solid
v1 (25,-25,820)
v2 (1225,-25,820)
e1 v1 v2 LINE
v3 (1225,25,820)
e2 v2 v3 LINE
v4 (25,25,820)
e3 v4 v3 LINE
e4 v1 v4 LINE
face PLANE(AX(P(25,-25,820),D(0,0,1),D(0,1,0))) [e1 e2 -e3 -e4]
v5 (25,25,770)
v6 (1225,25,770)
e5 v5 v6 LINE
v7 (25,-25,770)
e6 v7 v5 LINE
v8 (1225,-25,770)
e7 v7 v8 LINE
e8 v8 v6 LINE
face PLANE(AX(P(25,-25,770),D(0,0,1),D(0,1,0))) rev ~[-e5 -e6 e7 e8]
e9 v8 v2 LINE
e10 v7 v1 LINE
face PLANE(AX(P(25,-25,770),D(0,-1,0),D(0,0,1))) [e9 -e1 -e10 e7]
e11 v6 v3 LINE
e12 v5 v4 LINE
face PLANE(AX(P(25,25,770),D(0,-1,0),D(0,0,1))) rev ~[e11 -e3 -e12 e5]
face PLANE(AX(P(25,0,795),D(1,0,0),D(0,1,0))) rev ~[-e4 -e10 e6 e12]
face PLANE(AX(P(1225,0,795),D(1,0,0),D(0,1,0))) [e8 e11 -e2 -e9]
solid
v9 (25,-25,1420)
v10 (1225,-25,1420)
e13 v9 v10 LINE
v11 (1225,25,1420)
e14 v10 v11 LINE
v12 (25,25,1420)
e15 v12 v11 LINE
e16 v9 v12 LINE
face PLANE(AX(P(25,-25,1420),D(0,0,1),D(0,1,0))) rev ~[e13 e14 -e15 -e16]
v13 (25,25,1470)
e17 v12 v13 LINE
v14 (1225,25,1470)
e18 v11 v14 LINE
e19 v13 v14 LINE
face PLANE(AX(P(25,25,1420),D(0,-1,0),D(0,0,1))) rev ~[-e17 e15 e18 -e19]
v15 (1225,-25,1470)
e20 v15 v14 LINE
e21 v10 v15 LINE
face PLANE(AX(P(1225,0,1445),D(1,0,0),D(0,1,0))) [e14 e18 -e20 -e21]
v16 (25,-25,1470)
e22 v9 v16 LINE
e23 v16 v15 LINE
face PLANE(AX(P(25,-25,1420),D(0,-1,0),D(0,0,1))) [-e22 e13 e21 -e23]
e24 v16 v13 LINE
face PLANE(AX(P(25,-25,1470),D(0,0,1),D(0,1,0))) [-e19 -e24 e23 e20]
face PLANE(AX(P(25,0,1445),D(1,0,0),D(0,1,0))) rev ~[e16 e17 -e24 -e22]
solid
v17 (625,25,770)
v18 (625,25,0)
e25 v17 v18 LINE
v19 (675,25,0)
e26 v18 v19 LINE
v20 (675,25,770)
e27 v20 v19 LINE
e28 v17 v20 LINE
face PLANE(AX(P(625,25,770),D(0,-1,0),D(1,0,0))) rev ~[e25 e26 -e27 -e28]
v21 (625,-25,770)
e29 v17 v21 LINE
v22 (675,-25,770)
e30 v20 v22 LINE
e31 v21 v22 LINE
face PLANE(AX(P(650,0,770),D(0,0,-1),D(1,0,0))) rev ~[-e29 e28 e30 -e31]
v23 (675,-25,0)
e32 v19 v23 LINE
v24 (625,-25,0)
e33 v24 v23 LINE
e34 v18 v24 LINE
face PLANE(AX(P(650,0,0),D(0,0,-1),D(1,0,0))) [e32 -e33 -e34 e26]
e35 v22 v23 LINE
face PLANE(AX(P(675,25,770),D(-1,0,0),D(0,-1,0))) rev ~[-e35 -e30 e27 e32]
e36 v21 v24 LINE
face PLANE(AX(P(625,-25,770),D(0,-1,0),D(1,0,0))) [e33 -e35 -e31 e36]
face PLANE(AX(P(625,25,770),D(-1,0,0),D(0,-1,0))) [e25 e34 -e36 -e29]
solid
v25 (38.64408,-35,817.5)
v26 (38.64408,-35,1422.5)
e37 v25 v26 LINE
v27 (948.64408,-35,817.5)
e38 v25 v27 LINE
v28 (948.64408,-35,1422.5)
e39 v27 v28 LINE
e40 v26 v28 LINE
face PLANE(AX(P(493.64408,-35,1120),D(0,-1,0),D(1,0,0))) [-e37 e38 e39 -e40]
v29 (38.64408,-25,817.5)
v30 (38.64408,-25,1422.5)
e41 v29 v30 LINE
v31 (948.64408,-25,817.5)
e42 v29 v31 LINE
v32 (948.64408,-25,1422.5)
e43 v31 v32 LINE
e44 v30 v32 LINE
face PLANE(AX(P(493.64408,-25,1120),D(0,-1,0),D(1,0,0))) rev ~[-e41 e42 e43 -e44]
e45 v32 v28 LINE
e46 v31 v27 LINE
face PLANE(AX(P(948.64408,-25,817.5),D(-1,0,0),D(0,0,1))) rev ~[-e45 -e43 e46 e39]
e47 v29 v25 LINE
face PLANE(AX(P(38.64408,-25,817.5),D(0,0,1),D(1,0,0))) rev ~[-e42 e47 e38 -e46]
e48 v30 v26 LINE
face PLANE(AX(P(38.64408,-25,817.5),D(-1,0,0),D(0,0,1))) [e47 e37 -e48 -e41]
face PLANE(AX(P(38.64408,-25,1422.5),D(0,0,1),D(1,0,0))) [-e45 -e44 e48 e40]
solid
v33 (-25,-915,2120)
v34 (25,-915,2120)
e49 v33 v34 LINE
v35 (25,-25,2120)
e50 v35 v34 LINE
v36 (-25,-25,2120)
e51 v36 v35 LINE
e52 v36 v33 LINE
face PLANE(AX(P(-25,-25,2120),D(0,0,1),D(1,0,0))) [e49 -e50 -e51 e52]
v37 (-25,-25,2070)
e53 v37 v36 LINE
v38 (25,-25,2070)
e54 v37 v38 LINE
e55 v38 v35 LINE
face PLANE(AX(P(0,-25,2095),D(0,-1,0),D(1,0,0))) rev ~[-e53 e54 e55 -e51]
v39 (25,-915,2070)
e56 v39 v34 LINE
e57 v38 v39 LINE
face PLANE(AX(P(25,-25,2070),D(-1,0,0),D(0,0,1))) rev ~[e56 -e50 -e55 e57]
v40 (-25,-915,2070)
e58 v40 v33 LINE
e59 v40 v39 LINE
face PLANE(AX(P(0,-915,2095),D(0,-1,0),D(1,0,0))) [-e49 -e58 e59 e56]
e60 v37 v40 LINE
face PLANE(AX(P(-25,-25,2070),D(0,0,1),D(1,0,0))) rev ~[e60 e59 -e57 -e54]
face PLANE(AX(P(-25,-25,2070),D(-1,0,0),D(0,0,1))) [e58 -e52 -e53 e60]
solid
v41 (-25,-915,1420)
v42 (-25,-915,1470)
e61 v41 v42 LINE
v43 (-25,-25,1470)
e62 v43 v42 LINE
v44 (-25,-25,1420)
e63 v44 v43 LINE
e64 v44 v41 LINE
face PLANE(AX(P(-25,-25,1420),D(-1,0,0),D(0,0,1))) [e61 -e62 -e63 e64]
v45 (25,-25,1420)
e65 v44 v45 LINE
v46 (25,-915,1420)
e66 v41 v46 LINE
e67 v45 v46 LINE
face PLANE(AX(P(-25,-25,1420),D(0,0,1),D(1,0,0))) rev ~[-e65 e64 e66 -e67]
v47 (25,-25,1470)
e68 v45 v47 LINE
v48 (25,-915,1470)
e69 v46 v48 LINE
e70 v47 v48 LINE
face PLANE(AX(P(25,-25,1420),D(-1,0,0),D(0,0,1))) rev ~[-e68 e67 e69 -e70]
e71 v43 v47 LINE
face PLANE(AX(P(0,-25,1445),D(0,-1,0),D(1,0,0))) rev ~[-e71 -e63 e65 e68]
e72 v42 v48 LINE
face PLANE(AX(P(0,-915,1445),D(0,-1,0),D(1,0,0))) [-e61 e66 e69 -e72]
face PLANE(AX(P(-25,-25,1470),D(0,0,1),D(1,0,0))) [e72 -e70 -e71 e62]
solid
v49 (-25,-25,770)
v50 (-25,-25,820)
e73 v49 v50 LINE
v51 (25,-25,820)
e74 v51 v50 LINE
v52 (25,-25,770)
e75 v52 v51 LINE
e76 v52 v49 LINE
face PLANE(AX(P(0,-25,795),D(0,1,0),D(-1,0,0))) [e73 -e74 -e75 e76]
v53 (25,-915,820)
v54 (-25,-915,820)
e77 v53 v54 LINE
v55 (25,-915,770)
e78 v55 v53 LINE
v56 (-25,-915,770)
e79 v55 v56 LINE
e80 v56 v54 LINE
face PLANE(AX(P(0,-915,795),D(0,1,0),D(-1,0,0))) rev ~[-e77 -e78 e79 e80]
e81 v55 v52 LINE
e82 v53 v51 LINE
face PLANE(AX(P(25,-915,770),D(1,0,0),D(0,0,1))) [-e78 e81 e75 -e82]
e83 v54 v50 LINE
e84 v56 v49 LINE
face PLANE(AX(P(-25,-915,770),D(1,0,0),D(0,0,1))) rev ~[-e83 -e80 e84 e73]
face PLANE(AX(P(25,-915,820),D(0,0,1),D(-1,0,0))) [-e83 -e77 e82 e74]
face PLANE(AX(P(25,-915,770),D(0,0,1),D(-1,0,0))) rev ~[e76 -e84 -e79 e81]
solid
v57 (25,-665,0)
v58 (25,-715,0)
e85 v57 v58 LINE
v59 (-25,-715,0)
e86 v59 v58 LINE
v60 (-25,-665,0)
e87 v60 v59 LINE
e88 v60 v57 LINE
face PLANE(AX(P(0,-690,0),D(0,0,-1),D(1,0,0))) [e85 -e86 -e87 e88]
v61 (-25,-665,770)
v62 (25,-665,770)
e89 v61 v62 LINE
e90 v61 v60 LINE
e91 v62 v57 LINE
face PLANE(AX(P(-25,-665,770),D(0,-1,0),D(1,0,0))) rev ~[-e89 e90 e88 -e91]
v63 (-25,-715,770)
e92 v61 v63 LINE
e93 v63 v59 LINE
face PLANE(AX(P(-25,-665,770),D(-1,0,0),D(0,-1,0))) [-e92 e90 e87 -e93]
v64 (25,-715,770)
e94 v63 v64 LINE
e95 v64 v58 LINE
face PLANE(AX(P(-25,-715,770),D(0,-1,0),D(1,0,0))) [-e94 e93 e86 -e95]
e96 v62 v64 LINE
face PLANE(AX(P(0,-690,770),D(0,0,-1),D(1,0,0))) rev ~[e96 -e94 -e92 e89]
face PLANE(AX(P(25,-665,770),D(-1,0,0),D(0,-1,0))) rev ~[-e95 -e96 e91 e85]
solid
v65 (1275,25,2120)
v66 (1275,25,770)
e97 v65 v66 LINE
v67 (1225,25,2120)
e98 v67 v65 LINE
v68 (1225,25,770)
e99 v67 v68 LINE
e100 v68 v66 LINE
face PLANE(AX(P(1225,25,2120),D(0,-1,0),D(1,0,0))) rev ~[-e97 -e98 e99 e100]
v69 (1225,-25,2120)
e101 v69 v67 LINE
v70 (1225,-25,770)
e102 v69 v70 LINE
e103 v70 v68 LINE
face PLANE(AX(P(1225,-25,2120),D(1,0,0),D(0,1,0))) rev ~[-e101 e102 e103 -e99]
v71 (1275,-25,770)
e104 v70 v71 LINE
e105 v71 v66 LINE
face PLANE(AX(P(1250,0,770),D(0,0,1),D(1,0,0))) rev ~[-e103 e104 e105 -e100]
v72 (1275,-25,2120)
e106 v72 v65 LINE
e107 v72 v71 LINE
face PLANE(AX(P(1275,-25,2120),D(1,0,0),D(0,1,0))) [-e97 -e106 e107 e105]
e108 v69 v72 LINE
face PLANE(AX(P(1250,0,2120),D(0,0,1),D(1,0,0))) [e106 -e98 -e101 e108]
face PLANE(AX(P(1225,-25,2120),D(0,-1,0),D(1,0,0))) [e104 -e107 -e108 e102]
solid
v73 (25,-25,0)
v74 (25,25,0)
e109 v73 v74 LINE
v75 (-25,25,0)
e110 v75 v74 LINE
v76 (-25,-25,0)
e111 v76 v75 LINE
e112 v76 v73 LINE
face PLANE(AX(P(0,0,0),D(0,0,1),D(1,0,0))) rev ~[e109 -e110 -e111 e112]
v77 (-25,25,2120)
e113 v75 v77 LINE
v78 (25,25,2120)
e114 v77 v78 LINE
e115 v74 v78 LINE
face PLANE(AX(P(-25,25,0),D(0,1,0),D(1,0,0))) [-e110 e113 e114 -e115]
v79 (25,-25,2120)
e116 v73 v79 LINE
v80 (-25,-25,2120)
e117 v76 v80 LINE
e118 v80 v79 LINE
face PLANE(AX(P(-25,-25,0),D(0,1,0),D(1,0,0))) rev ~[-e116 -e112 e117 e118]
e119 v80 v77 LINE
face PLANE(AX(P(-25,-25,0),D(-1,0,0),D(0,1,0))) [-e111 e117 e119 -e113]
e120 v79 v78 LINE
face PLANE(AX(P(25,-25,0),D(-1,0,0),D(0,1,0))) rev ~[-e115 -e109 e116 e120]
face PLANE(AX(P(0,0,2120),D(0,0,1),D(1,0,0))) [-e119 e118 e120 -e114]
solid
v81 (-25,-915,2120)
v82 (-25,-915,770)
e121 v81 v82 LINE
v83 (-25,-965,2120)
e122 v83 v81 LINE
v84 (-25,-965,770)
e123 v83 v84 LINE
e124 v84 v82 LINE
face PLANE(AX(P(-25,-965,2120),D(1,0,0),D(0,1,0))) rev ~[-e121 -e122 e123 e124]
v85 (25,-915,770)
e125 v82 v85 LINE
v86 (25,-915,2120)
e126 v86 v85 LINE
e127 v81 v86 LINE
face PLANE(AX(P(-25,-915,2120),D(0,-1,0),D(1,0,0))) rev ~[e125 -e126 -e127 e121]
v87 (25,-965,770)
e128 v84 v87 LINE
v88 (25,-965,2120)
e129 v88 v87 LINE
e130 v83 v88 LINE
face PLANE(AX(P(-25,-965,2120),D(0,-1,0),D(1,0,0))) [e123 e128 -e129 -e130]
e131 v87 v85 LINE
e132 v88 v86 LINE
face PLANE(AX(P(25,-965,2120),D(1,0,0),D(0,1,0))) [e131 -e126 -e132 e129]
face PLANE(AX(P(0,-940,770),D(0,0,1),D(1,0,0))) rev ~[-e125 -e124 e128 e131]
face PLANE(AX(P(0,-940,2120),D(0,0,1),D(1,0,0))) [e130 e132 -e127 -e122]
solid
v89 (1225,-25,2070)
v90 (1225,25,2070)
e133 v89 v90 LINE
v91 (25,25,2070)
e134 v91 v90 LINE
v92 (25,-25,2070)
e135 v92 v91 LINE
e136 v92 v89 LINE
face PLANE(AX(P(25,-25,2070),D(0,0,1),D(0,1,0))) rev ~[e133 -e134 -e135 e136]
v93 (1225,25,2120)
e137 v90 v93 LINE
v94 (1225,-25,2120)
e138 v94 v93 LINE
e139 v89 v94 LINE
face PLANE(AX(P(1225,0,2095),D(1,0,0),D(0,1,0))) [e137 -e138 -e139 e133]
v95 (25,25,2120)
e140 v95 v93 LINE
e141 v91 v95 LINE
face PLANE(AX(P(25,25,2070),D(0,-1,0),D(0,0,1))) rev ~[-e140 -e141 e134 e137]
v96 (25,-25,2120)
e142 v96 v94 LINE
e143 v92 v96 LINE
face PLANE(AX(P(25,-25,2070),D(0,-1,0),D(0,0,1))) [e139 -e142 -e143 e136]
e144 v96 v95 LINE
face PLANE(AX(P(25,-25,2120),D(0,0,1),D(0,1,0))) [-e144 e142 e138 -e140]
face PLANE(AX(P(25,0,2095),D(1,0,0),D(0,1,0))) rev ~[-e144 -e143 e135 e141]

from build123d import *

# Parameters (mm, degrees)
F0_W      = 50
F0_H      = 50
F1_DEPTH  = 2120
F2_W      = 50
F2_H      = 50
F3_DEPTH  = 890
F4_W      = 50
F4_H      = 50
F5_DEPTH  = 1350
F6_W      = 50
F6_H      = 50
F7_DEPTH  = 890
F8_W      = 50
F8_H      = 50
F9_DEPTH  = 1200
F10_W     = 50
F10_H     = 50
F11_DEPTH = 1350
F12_W     = 50
F12_H     = 50
F13_DEPTH = 1200
F14_W     = 50
F14_H     = 50
F15_DEPTH = 770
F16_W     = 50
F16_H     = 50
F17_DEPTH = 1200
F18_W     = 50
F18_H     = 50
F19_DEPTH = 890
F20_W     = 910
F20_H     = 605
F21_DEPTH = 10
F22_W     = 50
F22_H     = 50
F23_DEPTH = 770


with BuildPart() as f1:
    # F0 (on Top) → F1 (new body)
    with BuildSketch(Plane.XY):
        Rectangle(F0_W, F0_H)
    extrude(amount=F1_DEPTH)


with BuildPart() as f3:
    # F2 (on face) → F3 (new body)
    with BuildSketch(Plane.XZ.offset(25)):
        with Locations((0, 2095)):
            Rectangle(F2_W, F2_H)
    extrude(amount=F3_DEPTH)


with BuildPart() as f5:
    # F4 (on face) → F5 (new body)
    with BuildSketch(Plane.XY.offset(2120)):
        with Locations((0, -940)):
            Rectangle(F4_W, F4_H)
    extrude(amount=-F5_DEPTH)


with BuildPart() as f7:
    # F6 (on face) → F7 (new body, through all)
    with BuildSketch(Plane(origin=(0, -915, 0), x_dir=(-1, 0, 0), z_dir=(0, 1, 0))):
        with Locations((0, 795)):
            Rectangle(F6_W, F6_H)
    extrude(amount=F7_DEPTH)


with BuildPart() as f9:
    # F8 (on face) → F9 (new body)
    with BuildSketch(Plane.YZ.offset(25)):
        with Locations((0, 2095)):
            Rectangle(F8_W, F8_H)
    extrude(amount=F9_DEPTH)


with BuildPart() as f11:
    # F10 (on face) → F11 (new body, through all)
    with BuildSketch(Plane.XY.offset(2120)):
        with Locations((1250, 0)):
            Rectangle(F10_W, F10_H)
    extrude(amount=-F11_DEPTH)


with BuildPart() as f13:
    # F12 (on face) → F13 (new body, through all)
    with BuildSketch(Plane.YZ.offset(25)):
        with Locations((0, 795)):
            Rectangle(F12_W, F12_H)
    extrude(amount=F13_DEPTH)


with BuildPart() as f15:
    # F14 (on face) → F15 (new body, through all)
    with BuildSketch(Plane(origin=(0, 0, 770), x_dir=(1, 0, 0), z_dir=(0, 0, -1))):
        with Locations((0, 690)):
            Rectangle(F14_W, F14_H)
    extrude(amount=F15_DEPTH)


with BuildPart() as f17:
    # F16 (on face) → F17 (new body, through all)
    with BuildSketch(Plane.YZ.offset(25)):
        with Locations((0, 1445)):
            Rectangle(F16_W, F16_H)
    extrude(amount=F17_DEPTH)


with BuildPart() as f19:
    # F18 (on face) → F19 (new body, through all)
    with BuildSketch(Plane.XZ.offset(25)):
        with Locations((0, 1445)):
            Rectangle(F18_W, F18_H)
    extrude(amount=F19_DEPTH)


with BuildPart() as f21:
    # F20 (on face) → F21 (new body)
    with BuildSketch(Plane.XZ.offset(25)):
        with Locations((493.644080162, 1120)):
            Rectangle(F20_W, F20_H)
    extrude(amount=F21_DEPTH)


with BuildPart() as f23:
    # F22 (on face) → F23 (new body, through all)
    with BuildSketch(Plane(origin=(0, 0, 770), x_dir=(1, 0, 0), z_dir=(0, 0, -1))):
        with Locations((650, 0)):
            Rectangle(F22_W, F22_H)
    extrude(amount=F23_DEPTH)


solid = Compound([f1.part, f3.part, f5.part, f7.part, f9.part, f11.part, f13.part, f15.part, f17.part, f19.part, f21.part, f23.part])
